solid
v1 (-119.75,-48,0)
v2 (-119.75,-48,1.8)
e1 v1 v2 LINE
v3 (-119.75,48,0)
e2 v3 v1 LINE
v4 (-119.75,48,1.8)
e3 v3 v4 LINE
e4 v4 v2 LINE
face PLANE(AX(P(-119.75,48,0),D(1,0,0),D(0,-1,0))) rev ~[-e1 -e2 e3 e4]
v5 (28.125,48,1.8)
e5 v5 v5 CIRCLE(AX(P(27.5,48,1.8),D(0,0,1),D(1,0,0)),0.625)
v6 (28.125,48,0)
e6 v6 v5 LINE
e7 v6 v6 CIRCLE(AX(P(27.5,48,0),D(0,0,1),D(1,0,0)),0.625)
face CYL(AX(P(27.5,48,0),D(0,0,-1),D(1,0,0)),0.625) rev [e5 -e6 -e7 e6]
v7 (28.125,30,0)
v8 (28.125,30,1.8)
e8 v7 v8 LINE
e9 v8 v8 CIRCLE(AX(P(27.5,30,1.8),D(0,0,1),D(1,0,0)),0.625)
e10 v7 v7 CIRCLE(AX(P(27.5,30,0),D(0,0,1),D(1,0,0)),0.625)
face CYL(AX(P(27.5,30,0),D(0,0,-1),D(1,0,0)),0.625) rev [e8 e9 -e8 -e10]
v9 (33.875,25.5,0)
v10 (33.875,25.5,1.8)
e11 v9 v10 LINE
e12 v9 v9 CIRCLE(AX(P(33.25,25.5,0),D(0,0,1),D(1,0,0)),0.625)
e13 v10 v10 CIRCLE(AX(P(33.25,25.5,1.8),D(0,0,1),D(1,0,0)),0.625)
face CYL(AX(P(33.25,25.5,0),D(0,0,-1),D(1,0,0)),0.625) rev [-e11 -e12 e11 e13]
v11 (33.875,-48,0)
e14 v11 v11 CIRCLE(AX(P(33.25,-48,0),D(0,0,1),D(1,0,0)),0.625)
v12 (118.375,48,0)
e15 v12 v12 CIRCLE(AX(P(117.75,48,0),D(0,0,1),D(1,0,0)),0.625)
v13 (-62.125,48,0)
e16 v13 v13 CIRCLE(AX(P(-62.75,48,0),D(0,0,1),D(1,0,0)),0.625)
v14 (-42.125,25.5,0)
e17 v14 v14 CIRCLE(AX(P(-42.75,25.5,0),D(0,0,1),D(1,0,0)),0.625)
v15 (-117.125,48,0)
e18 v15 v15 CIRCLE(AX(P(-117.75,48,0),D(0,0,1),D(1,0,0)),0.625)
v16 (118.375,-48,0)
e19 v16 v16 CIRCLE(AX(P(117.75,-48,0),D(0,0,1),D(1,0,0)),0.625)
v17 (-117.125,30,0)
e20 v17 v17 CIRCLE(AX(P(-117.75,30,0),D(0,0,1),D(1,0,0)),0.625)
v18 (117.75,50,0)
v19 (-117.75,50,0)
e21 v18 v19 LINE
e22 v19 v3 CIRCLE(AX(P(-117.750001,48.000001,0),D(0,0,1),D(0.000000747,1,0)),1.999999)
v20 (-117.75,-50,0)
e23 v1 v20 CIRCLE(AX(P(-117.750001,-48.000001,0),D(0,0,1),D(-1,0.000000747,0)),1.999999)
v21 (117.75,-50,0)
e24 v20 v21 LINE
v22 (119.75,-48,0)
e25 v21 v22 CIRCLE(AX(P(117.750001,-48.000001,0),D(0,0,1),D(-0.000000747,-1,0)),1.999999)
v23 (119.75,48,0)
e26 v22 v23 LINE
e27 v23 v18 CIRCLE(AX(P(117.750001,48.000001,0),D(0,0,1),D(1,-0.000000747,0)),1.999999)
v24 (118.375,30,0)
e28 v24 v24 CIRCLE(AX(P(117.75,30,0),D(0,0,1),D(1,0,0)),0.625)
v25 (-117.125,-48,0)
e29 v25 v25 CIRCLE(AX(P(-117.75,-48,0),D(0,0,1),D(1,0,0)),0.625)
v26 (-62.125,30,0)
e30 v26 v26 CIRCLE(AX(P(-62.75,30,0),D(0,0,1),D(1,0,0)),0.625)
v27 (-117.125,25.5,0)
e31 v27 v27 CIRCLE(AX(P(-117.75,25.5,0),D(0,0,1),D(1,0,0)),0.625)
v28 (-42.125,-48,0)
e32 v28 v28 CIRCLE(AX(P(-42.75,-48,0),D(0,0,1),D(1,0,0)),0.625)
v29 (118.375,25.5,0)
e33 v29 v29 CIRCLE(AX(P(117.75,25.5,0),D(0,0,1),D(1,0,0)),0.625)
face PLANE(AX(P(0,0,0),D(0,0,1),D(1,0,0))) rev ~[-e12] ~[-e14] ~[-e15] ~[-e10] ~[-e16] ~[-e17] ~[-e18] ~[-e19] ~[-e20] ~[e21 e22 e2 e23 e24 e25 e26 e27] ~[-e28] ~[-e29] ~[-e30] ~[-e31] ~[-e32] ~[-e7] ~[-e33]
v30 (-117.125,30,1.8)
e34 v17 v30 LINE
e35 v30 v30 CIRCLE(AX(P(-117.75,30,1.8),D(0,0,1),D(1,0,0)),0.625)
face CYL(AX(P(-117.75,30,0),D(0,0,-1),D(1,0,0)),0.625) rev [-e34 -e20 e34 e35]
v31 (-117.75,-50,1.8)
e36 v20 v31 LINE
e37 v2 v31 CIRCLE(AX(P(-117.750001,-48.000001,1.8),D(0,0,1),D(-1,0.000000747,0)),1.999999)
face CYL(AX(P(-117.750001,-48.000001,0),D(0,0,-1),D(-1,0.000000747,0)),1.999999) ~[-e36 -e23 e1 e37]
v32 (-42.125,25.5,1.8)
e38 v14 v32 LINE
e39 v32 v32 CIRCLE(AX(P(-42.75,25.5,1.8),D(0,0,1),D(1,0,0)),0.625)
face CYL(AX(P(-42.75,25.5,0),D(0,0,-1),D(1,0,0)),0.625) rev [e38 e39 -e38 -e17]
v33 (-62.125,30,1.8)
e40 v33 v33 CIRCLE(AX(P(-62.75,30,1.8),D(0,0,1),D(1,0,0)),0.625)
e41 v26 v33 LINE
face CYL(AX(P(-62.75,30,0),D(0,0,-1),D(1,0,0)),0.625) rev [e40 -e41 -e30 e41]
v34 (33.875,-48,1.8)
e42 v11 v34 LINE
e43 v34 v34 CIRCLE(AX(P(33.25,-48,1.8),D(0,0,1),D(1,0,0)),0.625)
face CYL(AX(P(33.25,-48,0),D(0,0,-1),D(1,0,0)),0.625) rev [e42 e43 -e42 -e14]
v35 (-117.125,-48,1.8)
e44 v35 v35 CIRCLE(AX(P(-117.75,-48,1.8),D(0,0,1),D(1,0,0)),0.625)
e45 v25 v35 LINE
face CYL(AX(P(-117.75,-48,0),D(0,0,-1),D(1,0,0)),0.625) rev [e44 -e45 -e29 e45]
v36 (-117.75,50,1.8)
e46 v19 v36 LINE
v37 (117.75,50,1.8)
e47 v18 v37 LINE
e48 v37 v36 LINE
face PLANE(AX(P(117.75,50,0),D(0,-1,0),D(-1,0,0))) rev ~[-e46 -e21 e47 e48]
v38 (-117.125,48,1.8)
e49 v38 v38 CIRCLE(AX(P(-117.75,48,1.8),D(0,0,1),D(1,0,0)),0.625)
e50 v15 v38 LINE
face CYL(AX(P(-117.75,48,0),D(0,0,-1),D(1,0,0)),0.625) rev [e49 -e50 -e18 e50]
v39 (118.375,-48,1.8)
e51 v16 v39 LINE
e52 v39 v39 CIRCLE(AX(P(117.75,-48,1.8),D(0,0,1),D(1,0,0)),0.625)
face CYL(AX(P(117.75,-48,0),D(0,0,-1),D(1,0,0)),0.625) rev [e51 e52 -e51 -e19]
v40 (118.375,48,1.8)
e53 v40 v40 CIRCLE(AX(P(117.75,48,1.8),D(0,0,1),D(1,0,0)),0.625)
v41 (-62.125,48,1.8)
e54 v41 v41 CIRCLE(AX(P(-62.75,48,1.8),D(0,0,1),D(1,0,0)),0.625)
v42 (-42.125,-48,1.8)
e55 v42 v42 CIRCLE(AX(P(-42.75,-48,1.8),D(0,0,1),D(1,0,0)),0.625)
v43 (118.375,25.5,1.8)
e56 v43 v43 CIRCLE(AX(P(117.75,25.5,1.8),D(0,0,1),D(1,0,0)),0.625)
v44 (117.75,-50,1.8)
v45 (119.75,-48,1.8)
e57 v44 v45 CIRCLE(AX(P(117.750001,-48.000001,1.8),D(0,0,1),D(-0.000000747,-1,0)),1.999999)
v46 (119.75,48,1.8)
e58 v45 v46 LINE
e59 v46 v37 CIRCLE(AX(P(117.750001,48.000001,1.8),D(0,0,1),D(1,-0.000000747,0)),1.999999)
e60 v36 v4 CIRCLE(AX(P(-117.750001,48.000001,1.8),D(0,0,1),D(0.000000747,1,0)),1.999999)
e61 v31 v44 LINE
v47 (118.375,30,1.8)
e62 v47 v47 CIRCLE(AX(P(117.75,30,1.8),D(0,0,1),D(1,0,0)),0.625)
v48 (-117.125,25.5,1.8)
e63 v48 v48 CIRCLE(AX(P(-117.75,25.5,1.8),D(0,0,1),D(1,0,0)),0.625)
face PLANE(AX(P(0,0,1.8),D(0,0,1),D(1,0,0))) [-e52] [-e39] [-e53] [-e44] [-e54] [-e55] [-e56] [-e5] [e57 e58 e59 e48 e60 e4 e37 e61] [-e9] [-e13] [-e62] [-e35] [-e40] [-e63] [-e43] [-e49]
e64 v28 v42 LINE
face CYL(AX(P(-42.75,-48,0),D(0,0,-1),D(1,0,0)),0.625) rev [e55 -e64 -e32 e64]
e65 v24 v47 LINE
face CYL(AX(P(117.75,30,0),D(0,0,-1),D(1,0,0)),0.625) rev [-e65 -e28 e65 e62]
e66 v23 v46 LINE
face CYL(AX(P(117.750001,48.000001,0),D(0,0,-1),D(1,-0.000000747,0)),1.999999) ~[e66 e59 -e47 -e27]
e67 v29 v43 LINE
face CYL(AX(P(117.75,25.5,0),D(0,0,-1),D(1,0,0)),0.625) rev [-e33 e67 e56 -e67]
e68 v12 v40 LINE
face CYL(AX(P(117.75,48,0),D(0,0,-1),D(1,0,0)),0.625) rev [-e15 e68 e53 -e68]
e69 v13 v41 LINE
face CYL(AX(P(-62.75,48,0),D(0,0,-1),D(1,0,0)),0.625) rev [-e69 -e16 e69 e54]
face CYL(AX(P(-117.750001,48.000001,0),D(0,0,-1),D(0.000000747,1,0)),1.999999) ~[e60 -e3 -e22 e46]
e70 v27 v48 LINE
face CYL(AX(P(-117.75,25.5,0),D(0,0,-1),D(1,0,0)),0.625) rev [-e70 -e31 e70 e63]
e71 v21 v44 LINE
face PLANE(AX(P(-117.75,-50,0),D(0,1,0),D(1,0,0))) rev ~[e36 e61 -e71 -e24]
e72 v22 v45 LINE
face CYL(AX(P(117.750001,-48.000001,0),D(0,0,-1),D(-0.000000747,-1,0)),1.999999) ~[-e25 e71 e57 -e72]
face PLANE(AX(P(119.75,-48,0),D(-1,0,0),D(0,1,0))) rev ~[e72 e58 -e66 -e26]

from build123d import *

# Parameters (mm, degrees)
SKETCH_R  = 0.625
PAD_DEPTH = 1.8


with BuildPart() as part:
    # Sketch → Pad (new body)
    with BuildSketch(Plane.XY):
        with BuildLine():
            Line((-119.75, 48), (-119.75, -48))
            ThreePointArc((-119.75, -48), (-119.164214, -49.414214), (-117.75, -50))
            Line((-117.75, -50), (117.75, -50))
            ThreePointArc((117.75, -50), (119.164214, -49.414214), (119.75, -48))
            Line((119.75, -48), (119.75, 48))
            ThreePointArc((119.75, 48), (119.164214, 49.414214), (117.75, 50))
            Line((117.75, 50), (-117.75, 50))
            ThreePointArc((-117.75, 50), (-119.164214, 49.414214), (-119.75, 48))
        make_face()
        with Locations((-117.75, 48)):
            Circle(SKETCH_R, mode=Mode.SUBTRACT)
        with Locations((117.75, 48)):
            Circle(SKETCH_R, mode=Mode.SUBTRACT)
        with Locations((117.75, -48)):
            Circle(SKETCH_R, mode=Mode.SUBTRACT)
        with Locations((-117.75, -48)):
            Circle(SKETCH_R, mode=Mode.SUBTRACT)
        with Locations((-117.75, 30)):
            Circle(SKETCH_R, mode=Mode.SUBTRACT)
        with Locations((-62.75, 48)):
            Circle(SKETCH_R, mode=Mode.SUBTRACT)
        with Locations((-62.75, 30)):
            Circle(SKETCH_R, mode=Mode.SUBTRACT)
        with Locations((27.5, 48)):
            Circle(SKETCH_R, mode=Mode.SUBTRACT)
        with Locations((33.25, -48)):
            Circle(SKETCH_R, mode=Mode.SUBTRACT)
        with Locations((-42.75, -48)):
            Circle(SKETCH_R, mode=Mode.SUBTRACT)
        with Locations((117.75, 30)):
            Circle(SKETCH_R, mode=Mode.SUBTRACT)
        with Locations((117.75, 25.5)):
            Circle(SKETCH_R, mode=Mode.SUBTRACT)
        with Locations((27.5, 30)):
            Circle(SKETCH_R, mode=Mode.SUBTRACT)
        with Locations((-117.75, 25.5)):
            Circle(SKETCH_R, mode=Mode.SUBTRACT)
        with Locations((33.25, 25.5)):
            Circle(SKETCH_R, mode=Mode.SUBTRACT)
        with Locations((-42.75, 25.5)):
            Circle(SKETCH_R, mode=Mode.SUBTRACT)
    extrude(amount=PAD_DEPTH)


solid = part.part
